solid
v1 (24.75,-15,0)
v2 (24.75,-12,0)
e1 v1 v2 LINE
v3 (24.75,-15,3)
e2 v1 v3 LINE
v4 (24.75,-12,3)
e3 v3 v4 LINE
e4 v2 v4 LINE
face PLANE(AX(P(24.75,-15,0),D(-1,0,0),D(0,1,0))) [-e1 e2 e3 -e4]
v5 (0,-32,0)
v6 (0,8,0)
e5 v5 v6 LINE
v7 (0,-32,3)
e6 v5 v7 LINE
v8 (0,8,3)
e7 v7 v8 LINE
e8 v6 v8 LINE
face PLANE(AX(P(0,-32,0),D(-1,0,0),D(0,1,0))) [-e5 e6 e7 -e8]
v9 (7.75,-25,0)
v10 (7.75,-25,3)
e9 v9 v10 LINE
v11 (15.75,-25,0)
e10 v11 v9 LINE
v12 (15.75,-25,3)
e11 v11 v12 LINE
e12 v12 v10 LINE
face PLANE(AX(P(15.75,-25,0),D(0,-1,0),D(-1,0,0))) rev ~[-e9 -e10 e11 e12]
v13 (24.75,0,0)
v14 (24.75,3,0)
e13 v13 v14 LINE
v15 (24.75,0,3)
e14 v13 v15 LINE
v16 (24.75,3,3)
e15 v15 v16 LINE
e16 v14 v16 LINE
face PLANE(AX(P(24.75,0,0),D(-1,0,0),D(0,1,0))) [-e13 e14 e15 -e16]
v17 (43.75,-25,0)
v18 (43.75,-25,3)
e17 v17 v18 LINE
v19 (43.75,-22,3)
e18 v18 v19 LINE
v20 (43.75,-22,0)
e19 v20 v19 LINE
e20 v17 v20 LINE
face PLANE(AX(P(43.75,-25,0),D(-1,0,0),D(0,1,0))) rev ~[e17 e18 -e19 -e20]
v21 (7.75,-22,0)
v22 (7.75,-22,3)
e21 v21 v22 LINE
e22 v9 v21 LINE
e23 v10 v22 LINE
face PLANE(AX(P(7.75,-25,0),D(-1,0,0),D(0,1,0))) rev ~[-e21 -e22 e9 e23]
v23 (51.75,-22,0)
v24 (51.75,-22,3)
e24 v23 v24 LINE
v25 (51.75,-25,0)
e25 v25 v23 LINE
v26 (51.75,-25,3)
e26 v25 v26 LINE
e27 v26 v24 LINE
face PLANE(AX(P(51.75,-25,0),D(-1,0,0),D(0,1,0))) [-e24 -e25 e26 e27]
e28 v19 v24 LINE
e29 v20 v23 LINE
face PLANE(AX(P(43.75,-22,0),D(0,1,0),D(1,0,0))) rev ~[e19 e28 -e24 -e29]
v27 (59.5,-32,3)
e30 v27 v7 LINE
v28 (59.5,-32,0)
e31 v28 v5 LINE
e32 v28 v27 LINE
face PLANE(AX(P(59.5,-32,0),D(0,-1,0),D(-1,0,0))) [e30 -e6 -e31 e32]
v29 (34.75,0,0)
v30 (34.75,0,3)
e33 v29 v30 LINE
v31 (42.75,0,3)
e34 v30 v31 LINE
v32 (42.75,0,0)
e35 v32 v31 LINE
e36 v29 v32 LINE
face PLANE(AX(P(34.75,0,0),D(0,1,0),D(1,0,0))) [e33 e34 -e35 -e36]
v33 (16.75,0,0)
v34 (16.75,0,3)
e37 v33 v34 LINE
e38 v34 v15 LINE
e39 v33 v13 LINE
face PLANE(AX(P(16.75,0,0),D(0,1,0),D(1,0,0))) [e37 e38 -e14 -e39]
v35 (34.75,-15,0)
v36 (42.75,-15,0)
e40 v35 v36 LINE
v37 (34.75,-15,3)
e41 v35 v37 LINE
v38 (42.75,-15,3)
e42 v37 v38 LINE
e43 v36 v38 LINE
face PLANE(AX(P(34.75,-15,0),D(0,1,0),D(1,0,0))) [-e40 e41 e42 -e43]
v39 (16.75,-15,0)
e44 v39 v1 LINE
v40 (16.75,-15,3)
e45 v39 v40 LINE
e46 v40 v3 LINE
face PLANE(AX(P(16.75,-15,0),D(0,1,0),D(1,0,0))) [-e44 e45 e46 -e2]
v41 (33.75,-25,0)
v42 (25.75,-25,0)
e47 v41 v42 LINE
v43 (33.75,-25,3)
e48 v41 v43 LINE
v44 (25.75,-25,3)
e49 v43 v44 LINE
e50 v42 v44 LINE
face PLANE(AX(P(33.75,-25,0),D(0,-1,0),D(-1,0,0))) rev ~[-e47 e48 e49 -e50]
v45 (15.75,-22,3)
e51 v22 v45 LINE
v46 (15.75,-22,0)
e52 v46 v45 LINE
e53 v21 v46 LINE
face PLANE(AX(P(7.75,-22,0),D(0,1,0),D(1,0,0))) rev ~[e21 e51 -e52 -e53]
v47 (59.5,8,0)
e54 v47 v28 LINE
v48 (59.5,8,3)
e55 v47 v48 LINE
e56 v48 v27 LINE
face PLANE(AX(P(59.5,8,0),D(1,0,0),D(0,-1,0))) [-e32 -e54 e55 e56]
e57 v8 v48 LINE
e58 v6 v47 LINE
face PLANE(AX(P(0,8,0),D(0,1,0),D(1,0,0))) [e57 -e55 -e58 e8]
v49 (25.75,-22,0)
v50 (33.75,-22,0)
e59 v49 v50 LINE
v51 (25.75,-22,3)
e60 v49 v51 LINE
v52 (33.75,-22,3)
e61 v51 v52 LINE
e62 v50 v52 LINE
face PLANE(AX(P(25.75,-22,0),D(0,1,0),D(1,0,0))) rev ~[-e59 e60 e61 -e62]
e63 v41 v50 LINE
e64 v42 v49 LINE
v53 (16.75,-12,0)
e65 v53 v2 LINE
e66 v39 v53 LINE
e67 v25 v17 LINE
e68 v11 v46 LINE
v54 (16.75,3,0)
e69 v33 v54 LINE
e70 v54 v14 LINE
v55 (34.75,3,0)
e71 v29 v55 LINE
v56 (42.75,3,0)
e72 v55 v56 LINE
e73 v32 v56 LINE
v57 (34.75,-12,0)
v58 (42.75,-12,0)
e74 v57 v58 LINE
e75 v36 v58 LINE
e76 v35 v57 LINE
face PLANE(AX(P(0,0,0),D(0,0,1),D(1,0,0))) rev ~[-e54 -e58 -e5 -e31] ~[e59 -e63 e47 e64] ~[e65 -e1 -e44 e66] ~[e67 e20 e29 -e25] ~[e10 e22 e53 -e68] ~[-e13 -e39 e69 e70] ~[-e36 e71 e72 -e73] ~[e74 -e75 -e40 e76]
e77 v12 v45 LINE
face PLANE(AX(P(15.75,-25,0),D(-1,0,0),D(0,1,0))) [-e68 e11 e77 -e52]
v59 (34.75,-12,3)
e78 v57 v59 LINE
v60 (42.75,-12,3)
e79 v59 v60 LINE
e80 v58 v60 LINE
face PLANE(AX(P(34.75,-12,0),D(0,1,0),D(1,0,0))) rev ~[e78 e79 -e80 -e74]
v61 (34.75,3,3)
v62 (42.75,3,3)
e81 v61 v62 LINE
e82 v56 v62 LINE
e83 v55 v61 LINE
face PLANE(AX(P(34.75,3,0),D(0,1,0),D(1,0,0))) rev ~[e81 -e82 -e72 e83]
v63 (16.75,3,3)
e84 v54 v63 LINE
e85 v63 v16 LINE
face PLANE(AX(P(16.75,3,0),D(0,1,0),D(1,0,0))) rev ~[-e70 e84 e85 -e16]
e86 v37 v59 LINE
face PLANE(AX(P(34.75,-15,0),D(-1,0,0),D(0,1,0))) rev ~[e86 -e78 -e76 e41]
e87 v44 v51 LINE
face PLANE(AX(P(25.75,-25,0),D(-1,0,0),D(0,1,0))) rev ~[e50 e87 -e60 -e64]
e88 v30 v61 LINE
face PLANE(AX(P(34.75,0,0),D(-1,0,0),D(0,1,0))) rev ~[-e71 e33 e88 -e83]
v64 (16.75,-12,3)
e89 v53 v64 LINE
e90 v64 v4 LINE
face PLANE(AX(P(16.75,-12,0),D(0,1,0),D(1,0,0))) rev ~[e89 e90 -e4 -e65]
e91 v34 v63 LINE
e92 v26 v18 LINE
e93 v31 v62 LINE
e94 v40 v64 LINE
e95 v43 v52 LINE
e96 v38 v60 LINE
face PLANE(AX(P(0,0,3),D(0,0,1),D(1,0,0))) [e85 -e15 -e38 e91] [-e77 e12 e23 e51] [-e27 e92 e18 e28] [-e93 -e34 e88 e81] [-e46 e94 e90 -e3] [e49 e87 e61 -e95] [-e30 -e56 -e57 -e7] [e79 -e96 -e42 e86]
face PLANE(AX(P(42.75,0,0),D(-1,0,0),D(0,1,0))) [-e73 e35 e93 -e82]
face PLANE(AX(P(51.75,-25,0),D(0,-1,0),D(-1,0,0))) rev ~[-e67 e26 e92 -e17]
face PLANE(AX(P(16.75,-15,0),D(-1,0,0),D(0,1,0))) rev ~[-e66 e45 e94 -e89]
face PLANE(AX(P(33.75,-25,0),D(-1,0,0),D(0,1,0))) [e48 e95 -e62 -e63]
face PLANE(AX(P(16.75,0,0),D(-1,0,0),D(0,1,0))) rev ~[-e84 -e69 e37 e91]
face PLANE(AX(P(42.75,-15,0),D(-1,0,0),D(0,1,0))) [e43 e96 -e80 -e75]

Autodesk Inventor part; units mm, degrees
ref_plane "YZ Plane" through (0, 0, 0) normal (1, 0, 0) x (0, 1, 0)
ref_plane "XZ Plane" through (0, 0, 0) normal (0, 1, 0) x (-1, 0, 0)
ref_plane "XY Plane" through (0, 0, 0) normal (0, 0, 1) x (1, 0, 0)
sketch "Sketch1" plane through (0, 0, 0) normal (0, 0, 1) x (1, 0, 0)
  line L0 (0, 8) -> (59.5, 8)
  line L1 (59.5, 8) -> (59.5, -32)
  line L2 (59.5, -32) -> (0, -32)
  line L3 (0, -32) -> (0, 8)
  line L4 (0, 0) -> (0, 3) construction
  line L5 (59.5, 0) -> (59.5, 3) construction
  line L6 (0, 3) -> (16.75, 3) construction
  line L7 (15.75, -25) -> (7.75, -25) projected
  line L8 (15.75, -25) -> (15.75, -22) projected
  line L9 (7.75, -22) -> (15.75, -22) projected
  line L10 (7.75, -25) -> (7.75, -22) projected
  line L11 (33.75, -25) -> (25.75, -25) projected
  line L12 (33.75, -25) -> (33.75, -22) projected
  line L13 (25.75, -22) -> (33.75, -22) projected
  line L14 (25.75, -25) -> (25.75, -22) projected
  line L15 (51.75, -25) -> (43.75, -25) projected
  line L16 (51.75, -25) -> (51.75, -22) projected
  line L17 (43.75, -22) -> (51.75, -22) projected
  line L18 (43.75, -25) -> (43.75, -22) projected
  line L19 (16.75, -15) -> (24.75, -15) projected
  line L20 (24.75, -15) -> (24.75, -12) projected
  line L21 (16.75, -12) -> (24.75, -12) projected
  line L22 (16.75, -15) -> (16.75, -12) projected
  line L23 (34.75, -15) -> (42.75, -15) projected
  line L24 (42.75, -15) -> (42.75, -12) projected
  line L25 (34.75, -12) -> (42.75, -12) projected
  line L26 (34.75, -15) -> (34.75, -12) projected
  line L27 (16.75, 0) -> (24.75, 0) projected
  line L28 (24.75, 0) -> (24.75, 3) projected
  line L29 (16.75, 3) -> (24.75, 3) projected
  line L30 (16.75, 0) -> (16.75, 3) projected
  line L31 (34.75, 0) -> (42.75, 0) projected
  line L32 (42.75, 0) -> (42.75, 3) projected
  line L33 (34.75, 3) -> (42.75, 3) projected
  line L34 (34.75, 0) -> (34.75, 3) projected
  dimension "d0" = 40
  dimension "d1" = 5
extrude "Extrusion1" add sketch "Sketch1" along normal blind 3
properties part number "Side" material "Polycarbonate, Clear"
